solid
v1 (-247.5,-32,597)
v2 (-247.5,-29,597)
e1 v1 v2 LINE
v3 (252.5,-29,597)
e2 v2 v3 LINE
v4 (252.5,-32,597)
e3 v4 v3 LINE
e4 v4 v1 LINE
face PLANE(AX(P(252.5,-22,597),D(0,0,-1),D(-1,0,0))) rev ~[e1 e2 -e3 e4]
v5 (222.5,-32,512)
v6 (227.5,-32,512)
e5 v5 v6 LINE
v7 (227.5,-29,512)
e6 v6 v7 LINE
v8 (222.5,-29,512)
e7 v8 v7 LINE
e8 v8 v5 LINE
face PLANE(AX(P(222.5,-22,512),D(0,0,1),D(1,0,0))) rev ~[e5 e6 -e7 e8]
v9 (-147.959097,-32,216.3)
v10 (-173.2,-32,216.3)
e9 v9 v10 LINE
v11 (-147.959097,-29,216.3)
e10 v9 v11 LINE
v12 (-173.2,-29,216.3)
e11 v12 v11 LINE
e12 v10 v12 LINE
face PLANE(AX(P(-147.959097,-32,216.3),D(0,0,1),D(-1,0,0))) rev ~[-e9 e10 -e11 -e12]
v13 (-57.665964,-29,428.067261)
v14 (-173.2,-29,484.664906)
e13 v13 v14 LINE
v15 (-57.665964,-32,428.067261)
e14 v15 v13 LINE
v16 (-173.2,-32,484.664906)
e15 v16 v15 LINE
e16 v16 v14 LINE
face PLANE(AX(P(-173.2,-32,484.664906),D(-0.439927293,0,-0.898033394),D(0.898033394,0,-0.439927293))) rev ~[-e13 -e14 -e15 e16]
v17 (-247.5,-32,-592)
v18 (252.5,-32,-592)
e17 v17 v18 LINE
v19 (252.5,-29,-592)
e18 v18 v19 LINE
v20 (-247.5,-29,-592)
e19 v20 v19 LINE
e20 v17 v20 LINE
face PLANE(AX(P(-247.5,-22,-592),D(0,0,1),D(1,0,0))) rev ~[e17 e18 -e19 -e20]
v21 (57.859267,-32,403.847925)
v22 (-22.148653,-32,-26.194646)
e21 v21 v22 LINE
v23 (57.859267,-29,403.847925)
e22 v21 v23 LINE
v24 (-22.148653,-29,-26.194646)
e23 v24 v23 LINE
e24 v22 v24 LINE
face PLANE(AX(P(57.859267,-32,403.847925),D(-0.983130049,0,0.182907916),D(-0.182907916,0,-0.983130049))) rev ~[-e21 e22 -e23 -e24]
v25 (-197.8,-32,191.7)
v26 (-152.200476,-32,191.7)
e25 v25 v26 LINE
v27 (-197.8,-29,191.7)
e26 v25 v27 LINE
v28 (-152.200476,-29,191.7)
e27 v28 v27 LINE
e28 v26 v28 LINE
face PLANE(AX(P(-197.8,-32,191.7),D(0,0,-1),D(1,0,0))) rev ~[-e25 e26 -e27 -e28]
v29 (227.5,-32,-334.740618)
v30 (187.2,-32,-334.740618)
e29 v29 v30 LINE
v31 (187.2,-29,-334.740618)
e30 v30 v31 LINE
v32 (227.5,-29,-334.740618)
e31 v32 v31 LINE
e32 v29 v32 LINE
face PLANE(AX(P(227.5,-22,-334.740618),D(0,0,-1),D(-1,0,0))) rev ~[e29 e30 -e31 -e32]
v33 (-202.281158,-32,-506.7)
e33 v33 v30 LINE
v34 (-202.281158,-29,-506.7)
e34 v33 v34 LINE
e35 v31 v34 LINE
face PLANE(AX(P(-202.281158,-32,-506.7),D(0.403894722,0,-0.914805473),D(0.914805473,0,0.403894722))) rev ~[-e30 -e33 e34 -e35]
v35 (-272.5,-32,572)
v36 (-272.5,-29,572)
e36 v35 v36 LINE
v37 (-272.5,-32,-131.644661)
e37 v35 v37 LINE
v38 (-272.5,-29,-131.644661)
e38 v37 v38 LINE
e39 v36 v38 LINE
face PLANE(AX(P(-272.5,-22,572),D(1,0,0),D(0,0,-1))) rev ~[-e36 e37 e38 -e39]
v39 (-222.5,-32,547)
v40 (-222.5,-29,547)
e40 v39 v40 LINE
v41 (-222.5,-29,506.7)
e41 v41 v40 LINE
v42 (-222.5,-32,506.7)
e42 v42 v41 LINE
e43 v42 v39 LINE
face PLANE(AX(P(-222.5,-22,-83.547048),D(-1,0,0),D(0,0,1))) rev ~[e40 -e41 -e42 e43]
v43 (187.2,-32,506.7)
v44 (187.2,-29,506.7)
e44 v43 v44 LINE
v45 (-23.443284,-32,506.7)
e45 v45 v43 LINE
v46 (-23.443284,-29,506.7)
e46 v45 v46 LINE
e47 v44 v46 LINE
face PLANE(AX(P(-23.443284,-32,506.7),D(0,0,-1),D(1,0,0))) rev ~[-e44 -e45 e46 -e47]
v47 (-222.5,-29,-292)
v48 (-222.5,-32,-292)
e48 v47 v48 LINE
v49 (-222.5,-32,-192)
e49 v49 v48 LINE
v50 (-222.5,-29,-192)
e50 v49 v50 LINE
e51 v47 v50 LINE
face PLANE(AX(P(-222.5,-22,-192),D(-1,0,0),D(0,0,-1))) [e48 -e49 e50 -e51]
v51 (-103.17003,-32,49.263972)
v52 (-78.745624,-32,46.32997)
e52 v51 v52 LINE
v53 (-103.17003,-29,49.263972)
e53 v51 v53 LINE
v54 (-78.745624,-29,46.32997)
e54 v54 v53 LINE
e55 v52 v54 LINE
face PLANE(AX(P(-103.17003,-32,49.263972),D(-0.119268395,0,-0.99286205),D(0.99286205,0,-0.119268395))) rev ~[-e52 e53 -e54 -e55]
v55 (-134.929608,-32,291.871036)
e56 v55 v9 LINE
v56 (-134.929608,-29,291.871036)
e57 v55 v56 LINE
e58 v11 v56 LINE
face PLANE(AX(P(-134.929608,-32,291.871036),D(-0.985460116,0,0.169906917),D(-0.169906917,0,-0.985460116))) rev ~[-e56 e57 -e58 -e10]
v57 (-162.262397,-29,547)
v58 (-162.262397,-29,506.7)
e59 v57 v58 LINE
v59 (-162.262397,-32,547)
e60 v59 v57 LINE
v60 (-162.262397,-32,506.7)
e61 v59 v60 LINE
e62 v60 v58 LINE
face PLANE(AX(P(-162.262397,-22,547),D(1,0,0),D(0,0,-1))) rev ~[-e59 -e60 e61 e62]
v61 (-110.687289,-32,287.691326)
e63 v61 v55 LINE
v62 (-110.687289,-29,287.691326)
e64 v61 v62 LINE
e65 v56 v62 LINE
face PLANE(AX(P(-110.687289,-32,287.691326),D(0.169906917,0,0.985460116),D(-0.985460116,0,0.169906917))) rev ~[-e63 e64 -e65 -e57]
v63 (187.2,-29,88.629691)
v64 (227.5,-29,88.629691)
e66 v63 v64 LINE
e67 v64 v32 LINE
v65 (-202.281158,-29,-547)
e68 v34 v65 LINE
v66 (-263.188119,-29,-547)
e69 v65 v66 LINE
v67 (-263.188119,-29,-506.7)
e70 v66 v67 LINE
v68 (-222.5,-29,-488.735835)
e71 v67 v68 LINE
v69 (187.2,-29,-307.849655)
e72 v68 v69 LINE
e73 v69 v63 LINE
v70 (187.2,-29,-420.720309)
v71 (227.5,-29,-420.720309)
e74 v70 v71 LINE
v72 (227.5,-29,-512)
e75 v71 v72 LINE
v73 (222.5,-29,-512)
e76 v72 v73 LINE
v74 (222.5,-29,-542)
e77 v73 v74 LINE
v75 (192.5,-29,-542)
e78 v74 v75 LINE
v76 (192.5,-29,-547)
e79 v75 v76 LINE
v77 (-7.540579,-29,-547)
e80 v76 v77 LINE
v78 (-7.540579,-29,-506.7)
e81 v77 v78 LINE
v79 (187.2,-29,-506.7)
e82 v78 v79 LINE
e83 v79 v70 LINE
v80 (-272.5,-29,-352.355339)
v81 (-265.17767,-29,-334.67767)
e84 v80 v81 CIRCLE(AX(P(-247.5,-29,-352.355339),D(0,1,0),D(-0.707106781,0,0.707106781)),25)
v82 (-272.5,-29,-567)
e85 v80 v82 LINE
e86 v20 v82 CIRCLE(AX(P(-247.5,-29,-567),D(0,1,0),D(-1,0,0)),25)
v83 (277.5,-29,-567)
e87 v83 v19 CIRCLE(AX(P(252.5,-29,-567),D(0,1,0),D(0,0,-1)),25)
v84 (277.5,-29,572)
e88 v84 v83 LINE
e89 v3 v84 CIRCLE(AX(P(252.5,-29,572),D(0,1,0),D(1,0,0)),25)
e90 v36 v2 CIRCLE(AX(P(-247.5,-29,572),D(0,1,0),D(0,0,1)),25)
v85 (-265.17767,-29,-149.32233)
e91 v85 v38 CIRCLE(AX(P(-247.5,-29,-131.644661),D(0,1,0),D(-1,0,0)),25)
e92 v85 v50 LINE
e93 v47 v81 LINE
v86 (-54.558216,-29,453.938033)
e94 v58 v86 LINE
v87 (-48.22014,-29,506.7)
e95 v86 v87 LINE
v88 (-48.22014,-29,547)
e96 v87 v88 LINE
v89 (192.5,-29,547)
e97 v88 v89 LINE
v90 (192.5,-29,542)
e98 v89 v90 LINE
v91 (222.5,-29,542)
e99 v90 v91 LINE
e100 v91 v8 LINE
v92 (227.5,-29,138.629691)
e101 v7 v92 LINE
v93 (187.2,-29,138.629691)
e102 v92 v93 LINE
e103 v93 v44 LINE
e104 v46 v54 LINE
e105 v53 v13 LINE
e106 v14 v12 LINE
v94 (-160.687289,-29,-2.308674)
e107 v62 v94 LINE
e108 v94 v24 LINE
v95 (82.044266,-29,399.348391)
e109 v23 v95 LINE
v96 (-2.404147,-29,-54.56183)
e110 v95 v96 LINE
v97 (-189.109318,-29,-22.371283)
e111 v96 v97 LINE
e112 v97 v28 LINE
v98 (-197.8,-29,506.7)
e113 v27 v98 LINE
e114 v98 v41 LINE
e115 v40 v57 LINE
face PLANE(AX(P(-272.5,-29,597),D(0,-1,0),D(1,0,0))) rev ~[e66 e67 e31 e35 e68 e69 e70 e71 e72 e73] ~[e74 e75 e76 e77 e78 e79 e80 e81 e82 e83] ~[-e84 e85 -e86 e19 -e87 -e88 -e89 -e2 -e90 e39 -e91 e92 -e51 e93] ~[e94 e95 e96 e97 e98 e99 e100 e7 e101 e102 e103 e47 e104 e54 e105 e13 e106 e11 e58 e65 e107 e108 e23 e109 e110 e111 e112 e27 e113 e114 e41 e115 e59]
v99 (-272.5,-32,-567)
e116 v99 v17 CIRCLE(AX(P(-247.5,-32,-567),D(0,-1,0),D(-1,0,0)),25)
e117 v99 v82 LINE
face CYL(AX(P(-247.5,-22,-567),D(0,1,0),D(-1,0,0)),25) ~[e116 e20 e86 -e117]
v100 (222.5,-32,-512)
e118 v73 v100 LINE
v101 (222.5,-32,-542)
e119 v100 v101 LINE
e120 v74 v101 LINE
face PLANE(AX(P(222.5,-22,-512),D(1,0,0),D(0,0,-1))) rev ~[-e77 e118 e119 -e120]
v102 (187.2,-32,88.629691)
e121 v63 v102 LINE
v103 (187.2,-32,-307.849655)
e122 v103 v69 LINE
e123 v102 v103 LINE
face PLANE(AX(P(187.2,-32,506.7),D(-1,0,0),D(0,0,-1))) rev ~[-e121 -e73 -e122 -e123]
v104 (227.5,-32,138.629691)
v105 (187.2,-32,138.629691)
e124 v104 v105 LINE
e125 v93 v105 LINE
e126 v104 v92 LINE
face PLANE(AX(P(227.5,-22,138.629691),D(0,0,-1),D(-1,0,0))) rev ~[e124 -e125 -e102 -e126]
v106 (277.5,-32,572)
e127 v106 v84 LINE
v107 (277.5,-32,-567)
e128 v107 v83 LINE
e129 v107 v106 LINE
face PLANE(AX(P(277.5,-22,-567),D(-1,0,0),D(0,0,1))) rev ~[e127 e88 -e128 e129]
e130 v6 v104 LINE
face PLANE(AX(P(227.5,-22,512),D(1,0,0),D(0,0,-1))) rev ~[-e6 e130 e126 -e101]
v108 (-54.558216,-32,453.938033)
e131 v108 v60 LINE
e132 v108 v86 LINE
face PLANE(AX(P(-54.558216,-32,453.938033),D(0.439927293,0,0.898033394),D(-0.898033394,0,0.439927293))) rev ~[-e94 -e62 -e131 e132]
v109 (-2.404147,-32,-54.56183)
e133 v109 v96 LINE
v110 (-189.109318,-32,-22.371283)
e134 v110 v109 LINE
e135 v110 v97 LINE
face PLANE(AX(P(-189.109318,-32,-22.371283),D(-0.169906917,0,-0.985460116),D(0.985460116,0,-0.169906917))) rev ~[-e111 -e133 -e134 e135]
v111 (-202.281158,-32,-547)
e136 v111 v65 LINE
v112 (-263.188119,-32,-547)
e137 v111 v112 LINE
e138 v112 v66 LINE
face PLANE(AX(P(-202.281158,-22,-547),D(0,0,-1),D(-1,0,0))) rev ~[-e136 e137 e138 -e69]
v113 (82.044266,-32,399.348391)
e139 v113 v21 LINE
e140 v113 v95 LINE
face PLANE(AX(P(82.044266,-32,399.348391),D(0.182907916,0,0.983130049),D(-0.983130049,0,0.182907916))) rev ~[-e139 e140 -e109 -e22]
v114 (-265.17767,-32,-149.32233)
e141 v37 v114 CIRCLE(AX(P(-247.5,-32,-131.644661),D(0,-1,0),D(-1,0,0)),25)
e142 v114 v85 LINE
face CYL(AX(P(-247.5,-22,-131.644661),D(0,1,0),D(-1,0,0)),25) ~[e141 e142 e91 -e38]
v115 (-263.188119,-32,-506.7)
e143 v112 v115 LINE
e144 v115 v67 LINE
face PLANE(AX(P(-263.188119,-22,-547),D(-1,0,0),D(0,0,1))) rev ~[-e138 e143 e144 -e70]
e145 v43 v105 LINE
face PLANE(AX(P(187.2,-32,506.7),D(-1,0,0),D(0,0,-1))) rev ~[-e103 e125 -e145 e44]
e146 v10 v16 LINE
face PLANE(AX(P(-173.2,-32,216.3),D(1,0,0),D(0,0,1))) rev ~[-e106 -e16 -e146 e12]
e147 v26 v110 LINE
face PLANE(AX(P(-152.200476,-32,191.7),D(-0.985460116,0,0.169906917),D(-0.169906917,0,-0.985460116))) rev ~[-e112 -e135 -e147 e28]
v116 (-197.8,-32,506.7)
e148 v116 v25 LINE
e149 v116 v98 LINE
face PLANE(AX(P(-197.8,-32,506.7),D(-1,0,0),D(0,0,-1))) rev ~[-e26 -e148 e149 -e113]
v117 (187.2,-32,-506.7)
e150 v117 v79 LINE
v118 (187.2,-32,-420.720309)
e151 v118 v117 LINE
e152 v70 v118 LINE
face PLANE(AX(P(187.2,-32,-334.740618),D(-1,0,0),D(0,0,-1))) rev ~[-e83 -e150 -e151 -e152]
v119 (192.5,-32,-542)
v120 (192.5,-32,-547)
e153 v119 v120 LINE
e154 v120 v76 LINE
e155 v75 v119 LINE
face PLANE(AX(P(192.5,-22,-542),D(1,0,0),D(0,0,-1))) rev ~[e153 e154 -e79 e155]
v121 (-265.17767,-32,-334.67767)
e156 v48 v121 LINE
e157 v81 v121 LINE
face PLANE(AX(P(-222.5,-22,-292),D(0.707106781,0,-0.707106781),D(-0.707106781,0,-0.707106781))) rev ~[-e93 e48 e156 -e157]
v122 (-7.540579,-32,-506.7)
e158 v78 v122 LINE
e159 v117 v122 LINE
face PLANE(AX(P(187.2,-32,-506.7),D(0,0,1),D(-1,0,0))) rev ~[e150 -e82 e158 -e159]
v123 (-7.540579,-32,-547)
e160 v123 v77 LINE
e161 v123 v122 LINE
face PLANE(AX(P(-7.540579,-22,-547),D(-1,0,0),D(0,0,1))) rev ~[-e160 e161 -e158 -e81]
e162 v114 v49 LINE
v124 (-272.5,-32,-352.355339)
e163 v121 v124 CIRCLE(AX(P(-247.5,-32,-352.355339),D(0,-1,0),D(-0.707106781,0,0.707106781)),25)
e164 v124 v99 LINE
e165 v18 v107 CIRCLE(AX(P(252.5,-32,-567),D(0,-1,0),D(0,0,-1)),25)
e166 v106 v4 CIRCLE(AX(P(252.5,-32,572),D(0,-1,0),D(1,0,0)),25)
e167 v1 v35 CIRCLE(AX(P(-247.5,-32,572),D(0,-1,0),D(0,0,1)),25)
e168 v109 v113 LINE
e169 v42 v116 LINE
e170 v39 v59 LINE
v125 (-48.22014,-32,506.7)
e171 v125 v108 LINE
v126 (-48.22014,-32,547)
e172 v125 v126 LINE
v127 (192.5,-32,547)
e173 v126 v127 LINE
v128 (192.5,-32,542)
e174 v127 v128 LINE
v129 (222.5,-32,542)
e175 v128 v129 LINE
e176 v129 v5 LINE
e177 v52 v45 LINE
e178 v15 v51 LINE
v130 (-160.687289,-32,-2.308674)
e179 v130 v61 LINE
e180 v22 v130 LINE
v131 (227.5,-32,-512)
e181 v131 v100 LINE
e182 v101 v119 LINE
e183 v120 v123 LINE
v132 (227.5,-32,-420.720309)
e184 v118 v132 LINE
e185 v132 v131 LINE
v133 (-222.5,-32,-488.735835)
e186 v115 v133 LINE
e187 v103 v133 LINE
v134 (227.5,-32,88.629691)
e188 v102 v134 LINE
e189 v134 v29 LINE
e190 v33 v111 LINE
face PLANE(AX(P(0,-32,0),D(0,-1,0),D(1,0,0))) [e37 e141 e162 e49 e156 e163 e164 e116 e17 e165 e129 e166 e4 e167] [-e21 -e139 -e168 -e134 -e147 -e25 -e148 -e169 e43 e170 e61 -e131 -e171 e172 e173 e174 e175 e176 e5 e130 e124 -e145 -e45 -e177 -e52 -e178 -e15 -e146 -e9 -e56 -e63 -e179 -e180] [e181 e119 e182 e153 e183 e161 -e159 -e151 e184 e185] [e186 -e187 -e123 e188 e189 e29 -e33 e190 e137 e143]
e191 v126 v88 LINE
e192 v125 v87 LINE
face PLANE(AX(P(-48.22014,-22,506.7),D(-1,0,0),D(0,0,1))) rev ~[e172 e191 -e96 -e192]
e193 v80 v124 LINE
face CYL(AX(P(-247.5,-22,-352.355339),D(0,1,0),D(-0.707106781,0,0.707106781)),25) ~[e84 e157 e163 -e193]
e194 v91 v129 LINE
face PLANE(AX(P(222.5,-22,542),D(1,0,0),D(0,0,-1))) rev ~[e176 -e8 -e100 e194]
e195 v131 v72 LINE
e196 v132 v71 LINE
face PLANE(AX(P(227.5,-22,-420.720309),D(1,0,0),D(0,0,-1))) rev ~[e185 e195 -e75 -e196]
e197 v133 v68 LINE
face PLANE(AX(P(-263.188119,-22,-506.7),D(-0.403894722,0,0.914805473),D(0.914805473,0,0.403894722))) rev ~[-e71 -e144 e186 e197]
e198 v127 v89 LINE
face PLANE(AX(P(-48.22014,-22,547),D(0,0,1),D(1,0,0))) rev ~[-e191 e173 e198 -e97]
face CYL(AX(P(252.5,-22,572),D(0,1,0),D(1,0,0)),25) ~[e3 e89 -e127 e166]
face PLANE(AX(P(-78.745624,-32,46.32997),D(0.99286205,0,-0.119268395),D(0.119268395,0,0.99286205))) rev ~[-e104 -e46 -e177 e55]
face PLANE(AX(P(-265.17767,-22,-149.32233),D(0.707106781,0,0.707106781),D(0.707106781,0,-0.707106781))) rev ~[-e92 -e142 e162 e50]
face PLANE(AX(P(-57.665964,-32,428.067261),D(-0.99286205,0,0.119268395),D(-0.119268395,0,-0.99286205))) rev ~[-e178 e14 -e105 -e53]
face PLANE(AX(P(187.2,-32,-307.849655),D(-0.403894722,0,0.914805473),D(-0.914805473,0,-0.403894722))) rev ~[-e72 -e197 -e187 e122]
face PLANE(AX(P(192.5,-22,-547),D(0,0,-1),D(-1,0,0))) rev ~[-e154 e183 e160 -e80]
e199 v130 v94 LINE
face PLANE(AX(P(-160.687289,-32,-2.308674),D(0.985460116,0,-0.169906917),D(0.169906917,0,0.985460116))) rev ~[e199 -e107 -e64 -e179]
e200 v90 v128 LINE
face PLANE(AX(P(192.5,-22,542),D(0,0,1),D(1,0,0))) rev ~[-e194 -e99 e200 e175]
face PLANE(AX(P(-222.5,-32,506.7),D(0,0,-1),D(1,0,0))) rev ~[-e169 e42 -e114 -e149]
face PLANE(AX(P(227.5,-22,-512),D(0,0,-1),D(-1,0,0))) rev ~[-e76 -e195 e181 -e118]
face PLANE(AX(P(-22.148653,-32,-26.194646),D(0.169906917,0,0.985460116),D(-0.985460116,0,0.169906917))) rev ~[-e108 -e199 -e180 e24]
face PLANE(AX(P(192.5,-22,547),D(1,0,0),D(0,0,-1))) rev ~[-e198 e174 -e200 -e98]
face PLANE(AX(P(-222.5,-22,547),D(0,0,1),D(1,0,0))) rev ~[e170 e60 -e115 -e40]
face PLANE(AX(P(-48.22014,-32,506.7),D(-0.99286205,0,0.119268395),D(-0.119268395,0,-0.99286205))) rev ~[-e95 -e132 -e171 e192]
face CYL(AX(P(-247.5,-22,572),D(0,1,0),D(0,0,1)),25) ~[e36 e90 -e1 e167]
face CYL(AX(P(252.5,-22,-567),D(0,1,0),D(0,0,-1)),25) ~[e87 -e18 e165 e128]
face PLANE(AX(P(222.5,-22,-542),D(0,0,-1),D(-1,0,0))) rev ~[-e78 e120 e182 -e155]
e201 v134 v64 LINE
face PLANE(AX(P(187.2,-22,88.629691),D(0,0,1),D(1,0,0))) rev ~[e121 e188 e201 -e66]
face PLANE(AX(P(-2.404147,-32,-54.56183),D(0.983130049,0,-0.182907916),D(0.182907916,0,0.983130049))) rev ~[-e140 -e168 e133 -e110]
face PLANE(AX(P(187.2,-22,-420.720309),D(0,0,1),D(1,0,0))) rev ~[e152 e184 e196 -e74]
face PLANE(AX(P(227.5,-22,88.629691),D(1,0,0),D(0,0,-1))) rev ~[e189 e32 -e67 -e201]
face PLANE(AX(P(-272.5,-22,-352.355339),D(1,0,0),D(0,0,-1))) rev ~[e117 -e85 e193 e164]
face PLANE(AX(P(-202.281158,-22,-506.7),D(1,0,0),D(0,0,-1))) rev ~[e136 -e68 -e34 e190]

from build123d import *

# Parameters (mm, degrees)
F0_W          = 445
F0_H          = 1084
F1_DEPTH      = 32
F3_DEPTH      = 10
F5_DEPTH      = 10
F7_DEPTH      = 22
F7_DEPTH_BACK = 10
F8_W          = 550
F8_H          = 29
F9_DEPTH      = 1189.001


with BuildPart() as f1:
    # F0 (on Front) → F1 (new body)
    with BuildSketch(Plane.XZ):
        Rectangle(F0_W, F0_H)
    extrude(amount=F1_DEPTH)

    # F2 (on face) → F3 (cut)
    with BuildSketch(Plane.XZ.offset(32)):
        Polygon((-19.5, -30), (-22.7926296995, -47.6978846347), (-5.0528002133, -50.7564759254), (78.1963408907, 396.7076575087), (60.5, 400), align=None)
        Polygon((222.5, -542), (222.5, -510), (190.5, -510), (-217.9259726344, -510), (-222.5, -512.0194736094), (-222.5, -542), align=None)
        Polygon((-145.1793725139, 213), (-148.2828207898, 195), (-185.2966065805, -19.6799575863), (-167.5583244971, -22.7382820834), (-164.5, -5), (-114.5, 285), (-132.2382820834, 288.0583244971), align=None)
        Polygon((-164.5, -5), (-167.5583244971, -22.7382820834), (-22.7926296995, -47.6978846347), (-19.5, -30), align=None)
        Polygon((-176.5, 213), (-176.5, 195), (-148.2828207898, 195), (-145.1793725139, 213), align=None)
        Polygon((-176.5, 510), (-194.5, 510), (-194.5, 195), (-176.5, 195), (-176.5, 213), (-176.5, 489.9562019444), align=None)
        Polygon((-81.6284831041, 50), (-26.3705931966, 510), (-44.5, 510), (-51.8361056045, 448.9298327582), (-54.11006781, 430), (-99.5, 52.1468311155), align=None)
        Polygon((-51.8361056045, 448.9298327582), (-176.5, 510), (-176.5, 489.9562019444), (-54.11006781, 430), align=None)
        Polygon((222.5, 542), (-222.5, 542), (-222.5, 510), (-194.5, 510), (-176.5, 510), (-44.5, 510), (-26.3705931966, 510), (190.5, 510), (222.5, 510), align=None)
        Polygon((222.5, -510), (222.5, 510), (190.5, 510), (190.5, -310), (190.5, -329.6763142865), (190.5, -510), align=None)
        Polygon((-222.5, -512.0194736094), (-222.5, -492.3431593229), (-366.9909259611, -556.1371833743), (-359.7208209674, -572.6036818904), align=None)
        Polygon((190.5, -310), (-222.5, -492.3431593229), (-222.5, -512.0194736094), (-217.9259726344, -510), (190.5, -329.6763142865), align=None)
    extrude(amount=-F3_DEPTH, mode=Mode.SUBTRACT)

    # F4 (on face) → F5 (cut, through all)
    with BuildSketch(Plane.XZ.offset(32)):
        Polygon((-222.5, 542), (-222.5, 506.7), (-197.8, 506.7), (-197.8, 191.7), (-152.2004758656, 191.7), (-189.109317787, -22.3712831437), (-2.4041469191, -54.5618298451), (82.0442661774, 399.3483905486), (57.8592669601, 403.8479252867), (-22.1486532942, -26.1946460803), (-160.6872887936, -2.3086744425), (-110.6872887936, 287.6913255575), (-134.9296076409, 291.8710357036), (-147.9590965553, 216.3), (-173.2, 216.3), (-173.2, 484.6649064346), (-57.665964291, 428.0672610853), (-103.1700304688, 49.2639720557), (-78.7456240443, 46.3299695312), (-23.4432839132, 506.7), (187.2, 506.7), (187.2, -307.8496549533), (-222.5, -488.7358350371), (-222.5, -542), (222.5, -542), (222.5, 542), align=None)
        Polygon((-202.2811579858, -506.7), (187.2, -334.7406178115), (187.2, -506.7), align=None, mode=Mode.SUBTRACT)
        Polygon((-54.5582159435, 453.9380325215), (-162.2623968703, 506.7), (-48.2201398778, 506.7), align=None, mode=Mode.SUBTRACT)
    extrude(amount=-F5_DEPTH, mode=Mode.SUBTRACT)

    # F6 (on face) → F7 (join, two sides)
    with BuildSketch(Plane.XZ.offset(22)) as f7_sk:
        with BuildLine():
            Line((-222.5, -192), (-222.5, -292))
            Line((-222.5, -292), (-265.1776695297, -334.6776695297))
            ThreePointArc((-265.1776695297, -334.6776695297), (-270.5969883128, -342.7882532502), (-272.5, -352.3553390593))
            Line((-272.5, -352.3553390593), (-272.5, -567))
            ThreePointArc((-272.5, -567), (-265.1776695297, -584.6776695297), (-247.5, -592))
            Line((-247.5, -592), (252.5, -592))
            ThreePointArc((252.5, -592), (270.1776695297, -584.6776695297), (277.5, -567))
            Line((277.5, -567), (277.5, 572))
            ThreePointArc((277.5, 572), (270.1776695297, 589.6776695297), (252.5, 597))
            Line((252.5, 597), (-247.5, 597))
            ThreePointArc((-247.5, 597), (-265.1776695297, 589.6776695297), (-272.5, 572))
            Line((-272.5, 572), (-272.5, -131.6446609407))
            ThreePointArc((-272.5, -131.6446609407), (-270.5969883128, -141.2117467498), (-265.1776695297, -149.3223304703))
            Line((-265.1776695297, -149.3223304703), (-222.5, -192))
        make_face()
        Polygon((-162.2623968703, 547), (-162.2623968703, 506.7), (-48.2201398778, 506.7), (-48.2201398778, 547), (192.5, 547), (192.5, 542), (222.5, 542), (222.5, 512), (227.5, 512), (227.5, 138.6296910943), (187.2, 138.6296910943), (187.2, 88.6296910943), (227.5, 88.6296910943), (227.5, -334.7406178115), (187.2, -334.7406178115), (187.2, -420.7203089057), (227.5, -420.7203089057), (227.5, -512), (222.5, -512), (222.5, -542), (192.5, -542), (192.5, -547), (-7.5405789929, -547), (-7.5405789929, -506.7), (-202.2811579858, -506.7), (-202.2811579858, -547), (-263.1881188044, -547), (-263.1881188044, -506.7), (-222.5, -488.7358350371), (-222.5, -398.0570733547), (-146.2218463421, -398.0570733547), (-146.2218463421, -83.5470482707), (-222.5, -83.5470482707), (-222.5, 547), align=None, mode=Mode.SUBTRACT)
    extrude(amount=-F7_DEPTH)
    extrude(f7_sk.sketch, amount=F7_DEPTH_BACK)

    # F8 (on face) → F9 (cut, through all)
    with BuildSketch(Plane.XY.offset(597)):
        with Locations((2.5, -14.5)):
            Rectangle(F8_W, F8_H)
    extrude(amount=-F9_DEPTH, mode=Mode.SUBTRACT)


solid = f1.part
